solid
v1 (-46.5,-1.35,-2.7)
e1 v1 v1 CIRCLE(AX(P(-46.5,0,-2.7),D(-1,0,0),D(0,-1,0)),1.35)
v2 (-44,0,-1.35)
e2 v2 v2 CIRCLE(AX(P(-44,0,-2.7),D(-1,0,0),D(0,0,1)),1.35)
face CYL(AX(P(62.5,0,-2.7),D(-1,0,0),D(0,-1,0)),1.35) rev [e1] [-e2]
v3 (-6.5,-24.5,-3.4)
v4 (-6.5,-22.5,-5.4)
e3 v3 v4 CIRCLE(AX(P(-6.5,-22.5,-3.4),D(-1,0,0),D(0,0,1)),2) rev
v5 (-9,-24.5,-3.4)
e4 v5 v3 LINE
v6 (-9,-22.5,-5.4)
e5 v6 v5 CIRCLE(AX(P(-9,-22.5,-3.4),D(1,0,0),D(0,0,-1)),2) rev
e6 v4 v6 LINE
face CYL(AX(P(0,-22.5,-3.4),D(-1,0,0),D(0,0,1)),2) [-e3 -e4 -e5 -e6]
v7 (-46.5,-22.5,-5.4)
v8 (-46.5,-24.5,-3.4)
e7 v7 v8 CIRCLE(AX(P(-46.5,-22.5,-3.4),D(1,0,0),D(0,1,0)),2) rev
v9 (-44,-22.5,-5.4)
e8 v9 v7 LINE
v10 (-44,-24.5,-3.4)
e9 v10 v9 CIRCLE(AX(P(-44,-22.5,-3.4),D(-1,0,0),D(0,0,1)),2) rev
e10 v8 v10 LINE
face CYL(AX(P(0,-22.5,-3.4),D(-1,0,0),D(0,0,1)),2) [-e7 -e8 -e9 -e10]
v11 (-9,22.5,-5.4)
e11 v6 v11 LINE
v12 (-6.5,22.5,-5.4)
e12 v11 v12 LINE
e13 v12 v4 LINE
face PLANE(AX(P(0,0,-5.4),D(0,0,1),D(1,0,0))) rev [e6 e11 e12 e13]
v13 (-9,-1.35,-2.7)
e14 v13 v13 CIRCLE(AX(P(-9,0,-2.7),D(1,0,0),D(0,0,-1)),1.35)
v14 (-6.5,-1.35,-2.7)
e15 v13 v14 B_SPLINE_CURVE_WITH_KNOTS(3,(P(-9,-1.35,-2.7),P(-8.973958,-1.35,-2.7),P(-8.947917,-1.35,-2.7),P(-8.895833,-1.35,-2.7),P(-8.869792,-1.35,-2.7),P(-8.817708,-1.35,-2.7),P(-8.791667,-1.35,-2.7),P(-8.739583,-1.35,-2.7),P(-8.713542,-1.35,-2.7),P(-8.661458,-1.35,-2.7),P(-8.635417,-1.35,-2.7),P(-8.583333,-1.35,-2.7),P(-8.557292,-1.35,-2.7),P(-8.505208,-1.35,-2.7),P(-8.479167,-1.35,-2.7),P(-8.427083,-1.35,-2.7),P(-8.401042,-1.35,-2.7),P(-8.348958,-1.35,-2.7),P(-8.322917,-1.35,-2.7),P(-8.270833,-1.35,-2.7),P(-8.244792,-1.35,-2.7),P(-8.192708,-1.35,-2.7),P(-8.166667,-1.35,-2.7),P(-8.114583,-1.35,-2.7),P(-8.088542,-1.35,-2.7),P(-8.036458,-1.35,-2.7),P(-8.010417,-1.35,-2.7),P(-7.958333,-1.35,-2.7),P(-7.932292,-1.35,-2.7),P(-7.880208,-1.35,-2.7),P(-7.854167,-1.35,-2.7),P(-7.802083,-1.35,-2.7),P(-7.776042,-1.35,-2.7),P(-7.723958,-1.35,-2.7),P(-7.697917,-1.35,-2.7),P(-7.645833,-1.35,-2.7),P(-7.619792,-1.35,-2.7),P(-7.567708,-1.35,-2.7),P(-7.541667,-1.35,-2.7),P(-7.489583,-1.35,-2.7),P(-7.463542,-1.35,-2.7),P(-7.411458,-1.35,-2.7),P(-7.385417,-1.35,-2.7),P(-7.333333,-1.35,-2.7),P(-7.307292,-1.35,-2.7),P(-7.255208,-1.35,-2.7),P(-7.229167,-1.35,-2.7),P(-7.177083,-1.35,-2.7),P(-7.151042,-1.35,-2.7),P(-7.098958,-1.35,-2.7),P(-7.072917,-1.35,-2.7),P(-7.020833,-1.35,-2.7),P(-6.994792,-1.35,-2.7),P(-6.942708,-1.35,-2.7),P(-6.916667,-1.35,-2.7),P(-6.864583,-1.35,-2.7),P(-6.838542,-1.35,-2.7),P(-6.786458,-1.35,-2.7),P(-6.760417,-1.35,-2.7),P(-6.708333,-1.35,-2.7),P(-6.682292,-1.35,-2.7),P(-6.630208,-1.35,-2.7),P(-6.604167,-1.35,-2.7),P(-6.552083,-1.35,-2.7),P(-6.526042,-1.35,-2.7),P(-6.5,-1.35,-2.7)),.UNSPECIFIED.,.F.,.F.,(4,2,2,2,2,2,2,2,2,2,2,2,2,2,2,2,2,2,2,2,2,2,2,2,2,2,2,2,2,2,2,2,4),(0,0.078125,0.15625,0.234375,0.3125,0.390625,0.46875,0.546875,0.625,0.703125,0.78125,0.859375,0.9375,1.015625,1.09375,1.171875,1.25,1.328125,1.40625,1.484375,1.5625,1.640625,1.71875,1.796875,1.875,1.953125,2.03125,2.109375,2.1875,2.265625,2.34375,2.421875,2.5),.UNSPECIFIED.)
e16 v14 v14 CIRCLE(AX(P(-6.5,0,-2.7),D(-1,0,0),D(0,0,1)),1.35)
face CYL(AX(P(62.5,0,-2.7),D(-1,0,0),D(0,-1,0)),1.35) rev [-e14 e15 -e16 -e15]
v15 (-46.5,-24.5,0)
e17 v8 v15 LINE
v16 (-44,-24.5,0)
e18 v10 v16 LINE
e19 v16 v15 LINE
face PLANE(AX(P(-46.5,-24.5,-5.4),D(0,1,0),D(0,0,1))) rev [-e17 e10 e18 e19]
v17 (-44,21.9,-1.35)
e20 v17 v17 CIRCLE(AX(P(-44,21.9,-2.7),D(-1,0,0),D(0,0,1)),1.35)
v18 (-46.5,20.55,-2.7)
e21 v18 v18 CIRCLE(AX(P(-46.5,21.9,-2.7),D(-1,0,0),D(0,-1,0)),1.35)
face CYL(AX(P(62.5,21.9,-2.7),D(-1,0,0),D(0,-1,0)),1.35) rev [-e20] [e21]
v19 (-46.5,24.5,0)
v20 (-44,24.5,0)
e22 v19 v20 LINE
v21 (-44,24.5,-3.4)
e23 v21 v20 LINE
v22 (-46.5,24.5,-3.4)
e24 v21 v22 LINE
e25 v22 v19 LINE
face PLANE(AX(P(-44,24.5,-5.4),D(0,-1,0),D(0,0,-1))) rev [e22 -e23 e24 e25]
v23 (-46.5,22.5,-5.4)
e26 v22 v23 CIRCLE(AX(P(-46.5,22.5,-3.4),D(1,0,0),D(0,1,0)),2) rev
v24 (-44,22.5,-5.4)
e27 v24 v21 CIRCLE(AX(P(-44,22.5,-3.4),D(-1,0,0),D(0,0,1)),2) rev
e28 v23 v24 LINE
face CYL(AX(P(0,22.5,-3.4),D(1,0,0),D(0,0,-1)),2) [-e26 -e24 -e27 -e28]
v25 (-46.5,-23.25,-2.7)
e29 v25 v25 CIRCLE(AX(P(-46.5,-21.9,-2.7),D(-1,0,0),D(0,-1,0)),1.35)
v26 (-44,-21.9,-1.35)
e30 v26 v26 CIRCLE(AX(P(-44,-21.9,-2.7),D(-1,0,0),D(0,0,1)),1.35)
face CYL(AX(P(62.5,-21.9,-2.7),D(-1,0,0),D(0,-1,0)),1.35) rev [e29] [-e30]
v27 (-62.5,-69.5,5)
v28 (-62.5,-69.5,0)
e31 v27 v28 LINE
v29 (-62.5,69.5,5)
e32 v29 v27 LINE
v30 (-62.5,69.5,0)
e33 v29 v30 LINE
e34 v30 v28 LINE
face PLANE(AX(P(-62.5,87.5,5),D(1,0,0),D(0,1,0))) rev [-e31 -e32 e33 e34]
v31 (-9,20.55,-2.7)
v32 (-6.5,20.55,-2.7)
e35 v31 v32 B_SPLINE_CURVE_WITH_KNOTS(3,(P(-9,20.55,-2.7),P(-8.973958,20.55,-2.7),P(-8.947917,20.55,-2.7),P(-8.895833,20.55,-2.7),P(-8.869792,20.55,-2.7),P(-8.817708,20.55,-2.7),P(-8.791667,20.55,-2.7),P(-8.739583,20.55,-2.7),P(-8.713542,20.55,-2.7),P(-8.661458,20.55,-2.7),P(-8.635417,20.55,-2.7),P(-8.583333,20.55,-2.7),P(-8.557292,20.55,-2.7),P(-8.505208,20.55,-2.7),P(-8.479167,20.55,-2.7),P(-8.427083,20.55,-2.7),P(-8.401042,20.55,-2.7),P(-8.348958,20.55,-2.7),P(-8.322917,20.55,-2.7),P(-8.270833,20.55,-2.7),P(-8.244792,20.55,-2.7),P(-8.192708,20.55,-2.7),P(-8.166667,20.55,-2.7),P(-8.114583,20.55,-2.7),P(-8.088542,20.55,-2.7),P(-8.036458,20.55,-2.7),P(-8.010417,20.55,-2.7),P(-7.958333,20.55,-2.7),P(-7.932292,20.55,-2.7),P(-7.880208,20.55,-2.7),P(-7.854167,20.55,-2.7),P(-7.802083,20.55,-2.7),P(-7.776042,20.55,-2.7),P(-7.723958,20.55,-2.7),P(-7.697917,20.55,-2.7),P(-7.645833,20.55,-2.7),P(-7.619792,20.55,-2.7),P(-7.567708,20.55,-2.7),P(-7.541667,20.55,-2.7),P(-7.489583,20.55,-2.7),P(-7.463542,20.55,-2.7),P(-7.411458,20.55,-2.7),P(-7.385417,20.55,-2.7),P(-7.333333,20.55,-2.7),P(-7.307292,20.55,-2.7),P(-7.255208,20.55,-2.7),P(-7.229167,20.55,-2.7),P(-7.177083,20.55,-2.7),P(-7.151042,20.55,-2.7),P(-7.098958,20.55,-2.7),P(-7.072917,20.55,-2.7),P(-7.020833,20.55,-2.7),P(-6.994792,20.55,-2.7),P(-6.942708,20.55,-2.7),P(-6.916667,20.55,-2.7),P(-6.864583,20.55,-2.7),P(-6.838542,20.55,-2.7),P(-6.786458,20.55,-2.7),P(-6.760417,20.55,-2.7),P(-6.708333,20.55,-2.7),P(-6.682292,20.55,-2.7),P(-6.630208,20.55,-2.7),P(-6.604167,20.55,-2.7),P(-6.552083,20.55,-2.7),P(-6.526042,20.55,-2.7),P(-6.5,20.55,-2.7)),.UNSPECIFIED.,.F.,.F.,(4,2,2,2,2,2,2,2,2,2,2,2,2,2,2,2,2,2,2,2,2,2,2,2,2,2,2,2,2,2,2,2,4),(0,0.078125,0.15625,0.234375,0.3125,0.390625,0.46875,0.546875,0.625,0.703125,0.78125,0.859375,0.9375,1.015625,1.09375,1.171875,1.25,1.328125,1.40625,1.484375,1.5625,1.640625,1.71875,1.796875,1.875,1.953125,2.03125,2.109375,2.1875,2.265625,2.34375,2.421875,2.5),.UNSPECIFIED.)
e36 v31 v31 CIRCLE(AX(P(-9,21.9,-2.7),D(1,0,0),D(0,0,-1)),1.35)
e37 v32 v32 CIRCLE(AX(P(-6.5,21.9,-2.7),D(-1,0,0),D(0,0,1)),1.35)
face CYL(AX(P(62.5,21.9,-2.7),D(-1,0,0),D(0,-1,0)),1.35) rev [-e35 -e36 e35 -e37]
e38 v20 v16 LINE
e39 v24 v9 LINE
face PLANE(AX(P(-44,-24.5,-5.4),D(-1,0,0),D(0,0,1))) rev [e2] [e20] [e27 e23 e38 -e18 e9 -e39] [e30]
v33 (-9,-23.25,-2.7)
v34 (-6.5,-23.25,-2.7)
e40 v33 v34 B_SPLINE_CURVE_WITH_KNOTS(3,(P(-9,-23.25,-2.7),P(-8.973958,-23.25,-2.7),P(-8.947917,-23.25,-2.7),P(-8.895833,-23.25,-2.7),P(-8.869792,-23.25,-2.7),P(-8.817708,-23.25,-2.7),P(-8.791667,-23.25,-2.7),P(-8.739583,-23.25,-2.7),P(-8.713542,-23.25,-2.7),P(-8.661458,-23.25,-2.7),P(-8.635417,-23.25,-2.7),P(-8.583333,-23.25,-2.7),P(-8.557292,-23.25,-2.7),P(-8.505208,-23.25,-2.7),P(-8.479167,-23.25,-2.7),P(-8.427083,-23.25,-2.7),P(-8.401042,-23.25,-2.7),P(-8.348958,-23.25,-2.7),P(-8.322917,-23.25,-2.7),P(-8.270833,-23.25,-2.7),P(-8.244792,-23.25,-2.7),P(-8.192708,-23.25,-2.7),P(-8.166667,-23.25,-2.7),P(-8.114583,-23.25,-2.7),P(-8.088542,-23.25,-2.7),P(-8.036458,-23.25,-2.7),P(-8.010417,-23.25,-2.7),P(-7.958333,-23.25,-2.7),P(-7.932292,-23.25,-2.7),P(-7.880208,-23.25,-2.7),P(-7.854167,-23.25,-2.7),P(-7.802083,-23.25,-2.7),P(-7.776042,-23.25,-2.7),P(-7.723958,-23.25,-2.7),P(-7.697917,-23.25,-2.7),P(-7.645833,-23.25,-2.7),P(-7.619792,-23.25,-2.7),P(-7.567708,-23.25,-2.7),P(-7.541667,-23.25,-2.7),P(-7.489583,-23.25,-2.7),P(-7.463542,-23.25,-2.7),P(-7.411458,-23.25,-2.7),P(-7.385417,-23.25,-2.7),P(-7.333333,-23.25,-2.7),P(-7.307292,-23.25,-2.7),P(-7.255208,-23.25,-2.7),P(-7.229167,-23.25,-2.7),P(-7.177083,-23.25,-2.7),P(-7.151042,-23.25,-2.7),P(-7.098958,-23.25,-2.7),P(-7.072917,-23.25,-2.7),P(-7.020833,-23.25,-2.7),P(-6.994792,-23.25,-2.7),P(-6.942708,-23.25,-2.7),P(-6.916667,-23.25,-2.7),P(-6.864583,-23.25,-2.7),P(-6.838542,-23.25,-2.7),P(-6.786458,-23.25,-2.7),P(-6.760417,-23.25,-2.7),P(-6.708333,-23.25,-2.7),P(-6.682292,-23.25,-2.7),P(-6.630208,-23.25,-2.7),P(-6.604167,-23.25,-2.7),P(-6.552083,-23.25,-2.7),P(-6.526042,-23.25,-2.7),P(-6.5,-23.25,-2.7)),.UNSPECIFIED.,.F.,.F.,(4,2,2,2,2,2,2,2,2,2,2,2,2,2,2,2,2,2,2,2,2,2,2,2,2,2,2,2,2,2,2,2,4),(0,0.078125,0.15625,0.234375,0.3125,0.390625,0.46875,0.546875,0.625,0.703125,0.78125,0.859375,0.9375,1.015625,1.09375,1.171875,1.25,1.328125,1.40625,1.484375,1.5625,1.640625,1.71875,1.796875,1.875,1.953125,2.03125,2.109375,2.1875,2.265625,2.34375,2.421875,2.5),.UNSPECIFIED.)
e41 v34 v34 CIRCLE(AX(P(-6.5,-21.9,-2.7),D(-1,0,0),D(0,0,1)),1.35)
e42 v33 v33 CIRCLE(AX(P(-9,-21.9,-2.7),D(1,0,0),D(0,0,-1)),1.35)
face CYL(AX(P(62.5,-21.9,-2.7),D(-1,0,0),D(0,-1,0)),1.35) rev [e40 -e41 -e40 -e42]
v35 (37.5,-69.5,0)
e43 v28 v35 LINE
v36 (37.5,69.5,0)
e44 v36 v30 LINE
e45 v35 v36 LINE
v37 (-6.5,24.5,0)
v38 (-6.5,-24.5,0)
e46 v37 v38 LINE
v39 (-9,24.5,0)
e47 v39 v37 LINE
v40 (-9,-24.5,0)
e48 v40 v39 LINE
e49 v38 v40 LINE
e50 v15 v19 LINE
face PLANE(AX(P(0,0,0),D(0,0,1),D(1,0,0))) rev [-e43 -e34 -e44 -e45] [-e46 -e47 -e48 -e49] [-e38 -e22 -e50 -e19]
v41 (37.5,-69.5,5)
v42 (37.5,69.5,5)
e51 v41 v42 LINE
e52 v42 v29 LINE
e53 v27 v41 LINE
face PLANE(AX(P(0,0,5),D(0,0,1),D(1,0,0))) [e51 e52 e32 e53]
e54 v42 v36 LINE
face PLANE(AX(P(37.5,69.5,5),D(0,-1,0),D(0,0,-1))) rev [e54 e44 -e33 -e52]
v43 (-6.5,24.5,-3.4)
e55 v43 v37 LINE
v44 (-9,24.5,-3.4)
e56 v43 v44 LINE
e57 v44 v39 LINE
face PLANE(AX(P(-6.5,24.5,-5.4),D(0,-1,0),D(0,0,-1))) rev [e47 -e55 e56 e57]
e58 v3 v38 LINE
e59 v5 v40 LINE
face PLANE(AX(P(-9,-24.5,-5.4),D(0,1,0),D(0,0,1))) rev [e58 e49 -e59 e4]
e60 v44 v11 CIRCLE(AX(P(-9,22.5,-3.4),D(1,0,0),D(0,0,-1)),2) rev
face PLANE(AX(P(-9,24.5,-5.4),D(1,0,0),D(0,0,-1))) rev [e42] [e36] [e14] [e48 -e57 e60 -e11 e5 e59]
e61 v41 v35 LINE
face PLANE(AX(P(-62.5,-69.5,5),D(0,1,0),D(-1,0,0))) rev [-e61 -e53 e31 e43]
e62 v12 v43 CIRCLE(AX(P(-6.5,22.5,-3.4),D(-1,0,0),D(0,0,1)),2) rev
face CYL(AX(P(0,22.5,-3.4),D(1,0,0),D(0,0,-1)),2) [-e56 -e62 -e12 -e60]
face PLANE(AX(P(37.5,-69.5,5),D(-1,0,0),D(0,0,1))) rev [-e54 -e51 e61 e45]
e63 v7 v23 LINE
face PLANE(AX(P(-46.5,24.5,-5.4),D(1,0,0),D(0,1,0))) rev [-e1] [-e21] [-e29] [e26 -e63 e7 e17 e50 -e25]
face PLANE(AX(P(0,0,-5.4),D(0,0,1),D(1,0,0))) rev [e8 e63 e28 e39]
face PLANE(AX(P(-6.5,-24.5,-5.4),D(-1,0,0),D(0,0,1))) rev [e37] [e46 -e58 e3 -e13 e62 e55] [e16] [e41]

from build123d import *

# Parameters (mm, degrees)
ESBO_O1_W                = 125
ESBO_O1_H                = 175
RESSALTO_EXTRUS_O1_DEPTH = 5
ESBO_O2_W                = 2.5
ESBO_O2_H                = 49
RESSALTO_EXTRUS_O2_DEPTH = 5.4
FILETE1_R                = 2
ESBO_O3_R                = 1.35
CORTE_EXTRUS_O2_DEPTH    = 140.879984272
CORTE_EXTRUS_O3_DEPTH    = 108.664571703


with BuildPart() as part:
    # Esboço1 → Ressalto-extrusão1 (new body)
    with BuildSketch(Plane.XY):
        Rectangle(ESBO_O1_W, ESBO_O1_H)
    extrude(amount=RESSALTO_EXTRUS_O1_DEPTH)

    # Esboço2 → Ressalto-extrusão2 (add)
    with BuildSketch(Plane(origin=(0, 0, 0), x_dir=(-1, 0, 0), z_dir=(0, 0, -1))):
        with Locations((7.75, 0)):
            Rectangle(ESBO_O2_W, ESBO_O2_H)
        with Locations((45.25, 0)):
            Rectangle(ESBO_O2_W, ESBO_O2_H)
    extrude(amount=RESSALTO_EXTRUS_O2_DEPTH)

    # Filete1
    filete1_edges = [part.edges().sort_by_distance(p)[0] for p in [
        (-7.75, 24.5, -5.4),
        (-7.75, -24.5, -5.4),
        (-45.25, 24.5, -5.4),
        (-45.25, -24.5, -5.4),
    ]]
    fillet(filete1_edges, radius=FILETE1_R)

    # Esboço3 → Corte-extrusão2 (cut, through all)
    with BuildSketch(Plane.ZY.offset(46.5)):
        with Locations(Location((-2.7, -21.9, 0), (0, 0, 270))):
            Circle(ESBO_O3_R)
        with Locations(Location((-2.7, 21.9, 0), (0, 0, 270))):
            Circle(ESBO_O3_R)
        with Locations(Location((-2.7, 0, 0), (0, 0, 270))):
            Circle(ESBO_O3_R)
    extrude(amount=-CORTE_EXTRUS_O2_DEPTH, mode=Mode.SUBTRACT)

    # Esboço4 → Corte-extrusão3 (cut, through all)
    with BuildSketch(Plane(origin=(0, 0, 0), x_dir=(-1, 0, 0), z_dir=(0, 0, -1))):
        Polygon((62.5, -87.5), (62.5, -69.5), (-37.5, -69.5), (-37.5, 69.5), (62.5, 69.5), (62.5, 87.5), (-62.5, 87.5), (-62.5, -87.5), align=None)
    extrude(amount=-CORTE_EXTRUS_O3_DEPTH, mode=Mode.SUBTRACT)


solid = part.part
